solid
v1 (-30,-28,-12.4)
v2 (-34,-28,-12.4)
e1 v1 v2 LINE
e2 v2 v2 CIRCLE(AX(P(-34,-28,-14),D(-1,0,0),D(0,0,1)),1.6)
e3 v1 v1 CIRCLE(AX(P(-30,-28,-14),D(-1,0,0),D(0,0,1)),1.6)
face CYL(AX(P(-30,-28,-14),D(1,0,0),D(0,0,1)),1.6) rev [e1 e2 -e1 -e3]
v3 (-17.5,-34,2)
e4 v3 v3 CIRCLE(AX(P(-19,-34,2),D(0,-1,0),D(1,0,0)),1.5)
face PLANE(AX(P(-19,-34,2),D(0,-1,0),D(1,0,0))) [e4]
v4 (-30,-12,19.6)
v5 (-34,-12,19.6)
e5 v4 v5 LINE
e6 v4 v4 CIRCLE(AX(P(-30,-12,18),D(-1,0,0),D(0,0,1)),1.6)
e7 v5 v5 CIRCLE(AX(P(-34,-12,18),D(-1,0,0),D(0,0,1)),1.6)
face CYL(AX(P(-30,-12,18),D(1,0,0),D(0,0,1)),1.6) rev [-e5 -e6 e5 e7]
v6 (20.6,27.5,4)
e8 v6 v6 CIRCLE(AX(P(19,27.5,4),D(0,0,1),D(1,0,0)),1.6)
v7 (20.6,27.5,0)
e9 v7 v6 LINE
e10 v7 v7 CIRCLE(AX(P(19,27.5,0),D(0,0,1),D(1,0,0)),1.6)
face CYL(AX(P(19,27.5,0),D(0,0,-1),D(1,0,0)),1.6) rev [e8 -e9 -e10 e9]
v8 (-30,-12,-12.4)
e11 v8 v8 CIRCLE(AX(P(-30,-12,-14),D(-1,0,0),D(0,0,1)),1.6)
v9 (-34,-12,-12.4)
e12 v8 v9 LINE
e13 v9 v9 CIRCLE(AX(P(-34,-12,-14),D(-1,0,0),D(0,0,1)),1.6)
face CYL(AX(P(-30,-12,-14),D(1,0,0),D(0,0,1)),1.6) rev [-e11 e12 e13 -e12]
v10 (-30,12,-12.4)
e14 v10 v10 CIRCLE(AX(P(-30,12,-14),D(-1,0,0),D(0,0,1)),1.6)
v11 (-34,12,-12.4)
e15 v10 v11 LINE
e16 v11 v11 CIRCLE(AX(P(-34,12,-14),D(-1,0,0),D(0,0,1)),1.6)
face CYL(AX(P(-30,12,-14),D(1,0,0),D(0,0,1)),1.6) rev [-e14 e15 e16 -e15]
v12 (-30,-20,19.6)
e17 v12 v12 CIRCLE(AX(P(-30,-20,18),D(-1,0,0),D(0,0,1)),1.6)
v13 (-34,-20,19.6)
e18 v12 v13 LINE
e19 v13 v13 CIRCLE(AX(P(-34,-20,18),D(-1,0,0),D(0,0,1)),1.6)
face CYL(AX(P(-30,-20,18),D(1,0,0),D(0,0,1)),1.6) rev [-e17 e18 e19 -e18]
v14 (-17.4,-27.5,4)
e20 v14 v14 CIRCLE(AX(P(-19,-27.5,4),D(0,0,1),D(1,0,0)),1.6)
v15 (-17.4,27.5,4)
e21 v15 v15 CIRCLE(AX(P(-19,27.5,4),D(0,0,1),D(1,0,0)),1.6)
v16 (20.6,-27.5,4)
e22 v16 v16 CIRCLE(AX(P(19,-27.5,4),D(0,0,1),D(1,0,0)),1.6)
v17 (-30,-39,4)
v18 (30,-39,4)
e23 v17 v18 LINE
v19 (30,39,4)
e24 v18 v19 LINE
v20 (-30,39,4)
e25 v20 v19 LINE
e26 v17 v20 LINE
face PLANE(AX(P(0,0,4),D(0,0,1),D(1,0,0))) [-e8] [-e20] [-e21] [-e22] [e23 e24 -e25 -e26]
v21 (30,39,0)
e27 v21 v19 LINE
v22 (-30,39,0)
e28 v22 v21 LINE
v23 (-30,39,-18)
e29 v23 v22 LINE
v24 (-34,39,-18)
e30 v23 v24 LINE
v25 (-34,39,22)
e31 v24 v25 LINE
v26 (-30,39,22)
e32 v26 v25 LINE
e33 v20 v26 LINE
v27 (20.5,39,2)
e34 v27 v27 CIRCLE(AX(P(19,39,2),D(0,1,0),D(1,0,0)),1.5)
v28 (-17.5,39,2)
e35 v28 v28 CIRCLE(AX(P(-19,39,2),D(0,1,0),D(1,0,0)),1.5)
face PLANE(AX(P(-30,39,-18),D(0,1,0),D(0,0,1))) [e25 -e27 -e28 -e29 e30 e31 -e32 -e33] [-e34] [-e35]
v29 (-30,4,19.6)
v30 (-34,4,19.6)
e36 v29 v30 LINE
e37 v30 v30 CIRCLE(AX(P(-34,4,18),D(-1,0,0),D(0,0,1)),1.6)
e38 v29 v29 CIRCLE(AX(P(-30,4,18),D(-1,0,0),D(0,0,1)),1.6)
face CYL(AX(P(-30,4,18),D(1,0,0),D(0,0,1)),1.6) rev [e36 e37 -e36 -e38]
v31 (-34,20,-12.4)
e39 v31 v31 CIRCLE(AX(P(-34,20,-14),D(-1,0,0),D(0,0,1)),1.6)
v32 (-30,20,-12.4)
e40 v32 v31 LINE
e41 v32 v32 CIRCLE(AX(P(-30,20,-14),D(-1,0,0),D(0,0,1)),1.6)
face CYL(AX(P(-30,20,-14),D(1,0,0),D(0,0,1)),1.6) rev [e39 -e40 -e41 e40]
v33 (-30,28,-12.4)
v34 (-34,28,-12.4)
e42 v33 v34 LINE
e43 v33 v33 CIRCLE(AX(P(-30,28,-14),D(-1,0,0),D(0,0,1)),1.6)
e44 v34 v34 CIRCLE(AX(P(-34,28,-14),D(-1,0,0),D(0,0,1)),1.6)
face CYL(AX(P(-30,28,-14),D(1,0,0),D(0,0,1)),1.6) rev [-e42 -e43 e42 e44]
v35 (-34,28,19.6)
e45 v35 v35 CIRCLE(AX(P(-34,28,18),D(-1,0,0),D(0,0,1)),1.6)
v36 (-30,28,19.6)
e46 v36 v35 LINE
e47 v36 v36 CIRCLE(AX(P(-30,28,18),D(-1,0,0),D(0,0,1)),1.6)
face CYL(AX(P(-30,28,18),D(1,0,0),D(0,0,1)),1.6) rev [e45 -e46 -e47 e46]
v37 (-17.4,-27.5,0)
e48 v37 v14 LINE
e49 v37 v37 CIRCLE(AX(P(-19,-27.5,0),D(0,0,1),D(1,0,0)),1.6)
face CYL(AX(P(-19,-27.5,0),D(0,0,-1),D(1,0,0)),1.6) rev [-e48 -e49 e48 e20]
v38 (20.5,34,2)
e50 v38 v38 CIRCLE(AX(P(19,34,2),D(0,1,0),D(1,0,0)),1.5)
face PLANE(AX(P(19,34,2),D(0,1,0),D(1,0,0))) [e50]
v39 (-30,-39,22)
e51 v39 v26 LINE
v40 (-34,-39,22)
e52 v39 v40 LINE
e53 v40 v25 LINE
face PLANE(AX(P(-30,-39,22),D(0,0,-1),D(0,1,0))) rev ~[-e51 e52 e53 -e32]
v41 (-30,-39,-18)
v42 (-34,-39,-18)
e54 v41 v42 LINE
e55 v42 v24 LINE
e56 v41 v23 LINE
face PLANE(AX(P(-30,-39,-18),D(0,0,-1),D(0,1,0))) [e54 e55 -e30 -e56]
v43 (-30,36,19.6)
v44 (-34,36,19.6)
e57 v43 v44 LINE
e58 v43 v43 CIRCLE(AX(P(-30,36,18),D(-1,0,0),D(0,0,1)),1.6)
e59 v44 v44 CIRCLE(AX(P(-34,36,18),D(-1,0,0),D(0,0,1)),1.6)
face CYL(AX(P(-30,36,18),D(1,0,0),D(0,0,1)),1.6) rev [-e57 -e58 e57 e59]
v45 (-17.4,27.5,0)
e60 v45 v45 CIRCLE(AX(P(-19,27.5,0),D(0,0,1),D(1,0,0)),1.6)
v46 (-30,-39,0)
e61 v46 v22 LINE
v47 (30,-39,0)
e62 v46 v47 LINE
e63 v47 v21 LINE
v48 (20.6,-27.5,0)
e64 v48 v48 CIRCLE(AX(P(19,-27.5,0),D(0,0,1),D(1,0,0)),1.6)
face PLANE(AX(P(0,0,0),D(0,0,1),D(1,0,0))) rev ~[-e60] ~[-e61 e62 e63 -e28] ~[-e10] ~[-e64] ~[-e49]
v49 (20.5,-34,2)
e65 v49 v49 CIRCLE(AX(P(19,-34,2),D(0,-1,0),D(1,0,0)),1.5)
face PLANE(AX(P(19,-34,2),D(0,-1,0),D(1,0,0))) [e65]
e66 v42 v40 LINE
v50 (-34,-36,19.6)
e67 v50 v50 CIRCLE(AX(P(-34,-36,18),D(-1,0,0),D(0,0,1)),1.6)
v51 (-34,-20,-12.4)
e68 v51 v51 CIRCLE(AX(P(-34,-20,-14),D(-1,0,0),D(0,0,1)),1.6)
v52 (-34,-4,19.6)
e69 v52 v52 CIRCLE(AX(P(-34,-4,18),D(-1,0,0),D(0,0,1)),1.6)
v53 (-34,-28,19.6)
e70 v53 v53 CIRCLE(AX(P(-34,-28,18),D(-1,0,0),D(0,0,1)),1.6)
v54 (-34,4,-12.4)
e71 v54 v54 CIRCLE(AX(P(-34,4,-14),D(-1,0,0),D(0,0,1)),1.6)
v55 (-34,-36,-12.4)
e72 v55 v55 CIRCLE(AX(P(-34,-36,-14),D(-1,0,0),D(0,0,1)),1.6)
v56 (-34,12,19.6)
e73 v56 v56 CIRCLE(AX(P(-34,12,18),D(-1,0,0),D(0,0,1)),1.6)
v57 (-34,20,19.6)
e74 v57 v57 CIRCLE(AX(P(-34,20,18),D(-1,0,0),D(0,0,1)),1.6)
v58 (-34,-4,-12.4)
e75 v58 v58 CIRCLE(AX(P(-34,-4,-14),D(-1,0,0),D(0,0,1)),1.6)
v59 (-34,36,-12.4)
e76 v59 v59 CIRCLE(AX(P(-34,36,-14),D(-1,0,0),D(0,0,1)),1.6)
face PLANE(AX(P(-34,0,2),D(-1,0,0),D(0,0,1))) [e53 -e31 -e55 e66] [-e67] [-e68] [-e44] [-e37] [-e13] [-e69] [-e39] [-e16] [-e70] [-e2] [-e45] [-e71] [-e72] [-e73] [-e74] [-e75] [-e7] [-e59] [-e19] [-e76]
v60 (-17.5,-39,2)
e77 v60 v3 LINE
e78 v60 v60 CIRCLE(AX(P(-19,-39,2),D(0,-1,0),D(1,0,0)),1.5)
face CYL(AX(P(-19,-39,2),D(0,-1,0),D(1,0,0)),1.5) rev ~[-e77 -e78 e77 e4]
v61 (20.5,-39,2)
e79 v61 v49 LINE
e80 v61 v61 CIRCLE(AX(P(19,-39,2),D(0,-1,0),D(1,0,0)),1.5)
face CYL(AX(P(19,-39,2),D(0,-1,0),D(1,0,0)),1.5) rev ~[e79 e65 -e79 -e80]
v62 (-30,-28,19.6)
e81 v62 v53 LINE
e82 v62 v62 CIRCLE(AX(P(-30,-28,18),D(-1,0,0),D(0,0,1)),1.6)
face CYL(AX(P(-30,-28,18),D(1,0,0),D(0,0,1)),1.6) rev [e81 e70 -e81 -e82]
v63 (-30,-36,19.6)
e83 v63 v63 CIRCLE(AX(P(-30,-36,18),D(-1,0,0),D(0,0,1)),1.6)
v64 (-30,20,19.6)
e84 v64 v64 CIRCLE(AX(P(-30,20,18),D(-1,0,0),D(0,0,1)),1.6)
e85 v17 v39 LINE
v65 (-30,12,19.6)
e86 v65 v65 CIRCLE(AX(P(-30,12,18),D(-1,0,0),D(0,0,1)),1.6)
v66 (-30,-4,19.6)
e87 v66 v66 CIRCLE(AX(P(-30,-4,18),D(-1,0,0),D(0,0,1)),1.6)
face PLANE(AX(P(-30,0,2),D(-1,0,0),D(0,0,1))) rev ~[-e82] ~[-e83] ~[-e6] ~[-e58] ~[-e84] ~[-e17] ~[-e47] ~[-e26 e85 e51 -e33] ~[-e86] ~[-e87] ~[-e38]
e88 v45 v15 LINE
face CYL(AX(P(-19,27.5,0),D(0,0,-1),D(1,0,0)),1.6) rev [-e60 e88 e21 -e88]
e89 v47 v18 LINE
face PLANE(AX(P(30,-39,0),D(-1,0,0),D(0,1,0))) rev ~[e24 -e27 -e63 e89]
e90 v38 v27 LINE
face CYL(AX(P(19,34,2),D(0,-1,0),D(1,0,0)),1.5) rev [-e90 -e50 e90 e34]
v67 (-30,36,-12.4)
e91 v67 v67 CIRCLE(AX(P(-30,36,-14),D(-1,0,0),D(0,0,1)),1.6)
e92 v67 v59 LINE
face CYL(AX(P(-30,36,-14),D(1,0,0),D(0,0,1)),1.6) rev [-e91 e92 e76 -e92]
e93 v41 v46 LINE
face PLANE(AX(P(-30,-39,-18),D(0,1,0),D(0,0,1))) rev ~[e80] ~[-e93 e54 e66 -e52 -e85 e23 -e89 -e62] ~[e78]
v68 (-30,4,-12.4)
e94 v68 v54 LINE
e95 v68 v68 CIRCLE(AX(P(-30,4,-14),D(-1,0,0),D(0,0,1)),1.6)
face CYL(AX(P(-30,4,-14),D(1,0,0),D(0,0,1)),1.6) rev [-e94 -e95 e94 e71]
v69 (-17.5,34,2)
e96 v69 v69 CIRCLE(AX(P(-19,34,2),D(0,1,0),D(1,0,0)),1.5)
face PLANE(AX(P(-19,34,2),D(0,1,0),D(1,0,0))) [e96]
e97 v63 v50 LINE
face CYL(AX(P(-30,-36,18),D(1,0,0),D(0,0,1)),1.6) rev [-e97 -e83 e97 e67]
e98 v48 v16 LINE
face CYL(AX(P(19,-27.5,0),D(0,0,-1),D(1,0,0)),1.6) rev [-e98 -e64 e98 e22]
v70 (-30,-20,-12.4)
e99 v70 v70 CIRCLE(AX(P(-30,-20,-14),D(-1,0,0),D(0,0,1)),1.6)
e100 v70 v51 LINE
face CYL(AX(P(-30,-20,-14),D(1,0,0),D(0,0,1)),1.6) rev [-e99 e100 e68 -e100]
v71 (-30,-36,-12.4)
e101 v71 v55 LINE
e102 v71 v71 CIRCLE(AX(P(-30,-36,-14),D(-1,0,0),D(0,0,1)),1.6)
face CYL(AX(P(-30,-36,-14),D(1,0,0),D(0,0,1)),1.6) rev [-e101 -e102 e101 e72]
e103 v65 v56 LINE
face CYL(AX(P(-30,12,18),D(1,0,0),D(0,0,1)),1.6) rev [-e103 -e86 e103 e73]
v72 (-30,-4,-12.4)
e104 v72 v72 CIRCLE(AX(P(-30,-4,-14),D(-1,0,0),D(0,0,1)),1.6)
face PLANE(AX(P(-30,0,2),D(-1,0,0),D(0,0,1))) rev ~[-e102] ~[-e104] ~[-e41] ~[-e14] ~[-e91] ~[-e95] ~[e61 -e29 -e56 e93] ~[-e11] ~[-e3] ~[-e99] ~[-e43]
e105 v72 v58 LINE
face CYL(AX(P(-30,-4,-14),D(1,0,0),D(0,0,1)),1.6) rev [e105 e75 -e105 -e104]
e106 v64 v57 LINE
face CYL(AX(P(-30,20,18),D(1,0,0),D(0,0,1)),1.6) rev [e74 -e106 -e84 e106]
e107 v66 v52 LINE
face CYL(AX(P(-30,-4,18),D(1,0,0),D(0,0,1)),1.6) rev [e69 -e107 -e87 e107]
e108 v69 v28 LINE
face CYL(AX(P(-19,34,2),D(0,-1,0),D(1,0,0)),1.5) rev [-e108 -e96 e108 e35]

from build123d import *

# Parameters (mm, degrees)
SKETCH_1_W          = 60
SKETCH_1_H          = 78
SKETCH_1_R          = 1.6
EXTRUDE_1_DEPTH     = 4
SKETCH_2_W          = 40
SKETCH_2_H          = 78
SKETCH_2_R          = 1.6
EXTRUDE_2_DEPTH     = 4
SKETCH_3_R          = 1.5
CUT_EXTRUDE_1_DEPTH = 5
CUT_EXTRUDE_START   = -5
SKETCH_4_R          = 1.5
CUT_EXTRUDE_2_DEPTH = 5


with BuildPart() as part:
    # Эскиз1 → Бобышка-Вытянуть1 (new body)
    with BuildSketch(Plane.XY):
        Rectangle(SKETCH_1_W, SKETCH_1_H)
        with Locations((-19, 27.5)):
            Circle(SKETCH_1_R, mode=Mode.SUBTRACT)
        with Locations((19, 27.5)):
            Circle(SKETCH_1_R, mode=Mode.SUBTRACT)
        with Locations((19, -27.5)):
            Circle(SKETCH_1_R, mode=Mode.SUBTRACT)
        with Locations((-19, -27.5)):
            Circle(SKETCH_1_R, mode=Mode.SUBTRACT)
    extrude(amount=EXTRUDE_1_DEPTH)

    # Эскиз2 → Бобышка-Вытянуть2 (add)
    with BuildSketch(Plane.ZY.offset(30)):
        with Locations((2, 0)):
            Rectangle(SKETCH_2_W, SKETCH_2_H)
        with Locations((-14, 36)):
            Circle(SKETCH_2_R, mode=Mode.SUBTRACT)
        with Locations((18, 36)):
            Circle(SKETCH_2_R, mode=Mode.SUBTRACT)
        with Locations((18, 28)):
            Circle(SKETCH_2_R, mode=Mode.SUBTRACT)
        with Locations((18, 20)):
            Circle(SKETCH_2_R, mode=Mode.SUBTRACT)
        with Locations((18, 12)):
            Circle(SKETCH_2_R, mode=Mode.SUBTRACT)
        with Locations((18, 4)):
            Circle(SKETCH_2_R, mode=Mode.SUBTRACT)
        with Locations((18, -4)):
            Circle(SKETCH_2_R, mode=Mode.SUBTRACT)
        with Locations((18, -12)):
            Circle(SKETCH_2_R, mode=Mode.SUBTRACT)
        with Locations((18, -20)):
            Circle(SKETCH_2_R, mode=Mode.SUBTRACT)
        with Locations((18, -28)):
            Circle(SKETCH_2_R, mode=Mode.SUBTRACT)
        with Locations((18, -36)):
            Circle(SKETCH_2_R, mode=Mode.SUBTRACT)
        with Locations((-14, 28)):
            Circle(SKETCH_2_R, mode=Mode.SUBTRACT)
        with Locations((-14, 20)):
            Circle(SKETCH_2_R, mode=Mode.SUBTRACT)
        with Locations((-14, 12)):
            Circle(SKETCH_2_R, mode=Mode.SUBTRACT)
        with Locations((-14, 4)):
            Circle(SKETCH_2_R, mode=Mode.SUBTRACT)
        with Locations((-14, -4)):
            Circle(SKETCH_2_R, mode=Mode.SUBTRACT)
        with Locations((-14, -12)):
            Circle(SKETCH_2_R, mode=Mode.SUBTRACT)
        with Locations((-14, -20)):
            Circle(SKETCH_2_R, mode=Mode.SUBTRACT)
        with Locations((-14, -28)):
            Circle(SKETCH_2_R, mode=Mode.SUBTRACT)
        with Locations((-14, -36)):
            Circle(SKETCH_2_R, mode=Mode.SUBTRACT)
    extrude(amount=EXTRUDE_2_DEPTH)

    # Эскиз3 → Вырез-Вытянуть1 (cut)
    with BuildSketch(Plane.XZ.offset(39)):
        with Locations((-19, 2)):
            Circle(SKETCH_3_R)
        with Locations((19, 2)):
            Circle(SKETCH_3_R)
    extrude(amount=-CUT_EXTRUDE_1_DEPTH, mode=Mode.SUBTRACT)

    # Эскиз4 → Вырез-Вытянуть2 (cut)
    with BuildSketch(Plane(origin=(0, 39, 0), x_dir=(1, 0, 0), z_dir=(0, 1, 0)).offset(CUT_EXTRUDE_START)):
        with Locations((-19, -2)):
            Circle(SKETCH_4_R)
        with Locations((19, -2)):
            Circle(SKETCH_4_R)
    extrude(amount=CUT_EXTRUDE_2_DEPTH, mode=Mode.SUBTRACT)


solid = part.part
